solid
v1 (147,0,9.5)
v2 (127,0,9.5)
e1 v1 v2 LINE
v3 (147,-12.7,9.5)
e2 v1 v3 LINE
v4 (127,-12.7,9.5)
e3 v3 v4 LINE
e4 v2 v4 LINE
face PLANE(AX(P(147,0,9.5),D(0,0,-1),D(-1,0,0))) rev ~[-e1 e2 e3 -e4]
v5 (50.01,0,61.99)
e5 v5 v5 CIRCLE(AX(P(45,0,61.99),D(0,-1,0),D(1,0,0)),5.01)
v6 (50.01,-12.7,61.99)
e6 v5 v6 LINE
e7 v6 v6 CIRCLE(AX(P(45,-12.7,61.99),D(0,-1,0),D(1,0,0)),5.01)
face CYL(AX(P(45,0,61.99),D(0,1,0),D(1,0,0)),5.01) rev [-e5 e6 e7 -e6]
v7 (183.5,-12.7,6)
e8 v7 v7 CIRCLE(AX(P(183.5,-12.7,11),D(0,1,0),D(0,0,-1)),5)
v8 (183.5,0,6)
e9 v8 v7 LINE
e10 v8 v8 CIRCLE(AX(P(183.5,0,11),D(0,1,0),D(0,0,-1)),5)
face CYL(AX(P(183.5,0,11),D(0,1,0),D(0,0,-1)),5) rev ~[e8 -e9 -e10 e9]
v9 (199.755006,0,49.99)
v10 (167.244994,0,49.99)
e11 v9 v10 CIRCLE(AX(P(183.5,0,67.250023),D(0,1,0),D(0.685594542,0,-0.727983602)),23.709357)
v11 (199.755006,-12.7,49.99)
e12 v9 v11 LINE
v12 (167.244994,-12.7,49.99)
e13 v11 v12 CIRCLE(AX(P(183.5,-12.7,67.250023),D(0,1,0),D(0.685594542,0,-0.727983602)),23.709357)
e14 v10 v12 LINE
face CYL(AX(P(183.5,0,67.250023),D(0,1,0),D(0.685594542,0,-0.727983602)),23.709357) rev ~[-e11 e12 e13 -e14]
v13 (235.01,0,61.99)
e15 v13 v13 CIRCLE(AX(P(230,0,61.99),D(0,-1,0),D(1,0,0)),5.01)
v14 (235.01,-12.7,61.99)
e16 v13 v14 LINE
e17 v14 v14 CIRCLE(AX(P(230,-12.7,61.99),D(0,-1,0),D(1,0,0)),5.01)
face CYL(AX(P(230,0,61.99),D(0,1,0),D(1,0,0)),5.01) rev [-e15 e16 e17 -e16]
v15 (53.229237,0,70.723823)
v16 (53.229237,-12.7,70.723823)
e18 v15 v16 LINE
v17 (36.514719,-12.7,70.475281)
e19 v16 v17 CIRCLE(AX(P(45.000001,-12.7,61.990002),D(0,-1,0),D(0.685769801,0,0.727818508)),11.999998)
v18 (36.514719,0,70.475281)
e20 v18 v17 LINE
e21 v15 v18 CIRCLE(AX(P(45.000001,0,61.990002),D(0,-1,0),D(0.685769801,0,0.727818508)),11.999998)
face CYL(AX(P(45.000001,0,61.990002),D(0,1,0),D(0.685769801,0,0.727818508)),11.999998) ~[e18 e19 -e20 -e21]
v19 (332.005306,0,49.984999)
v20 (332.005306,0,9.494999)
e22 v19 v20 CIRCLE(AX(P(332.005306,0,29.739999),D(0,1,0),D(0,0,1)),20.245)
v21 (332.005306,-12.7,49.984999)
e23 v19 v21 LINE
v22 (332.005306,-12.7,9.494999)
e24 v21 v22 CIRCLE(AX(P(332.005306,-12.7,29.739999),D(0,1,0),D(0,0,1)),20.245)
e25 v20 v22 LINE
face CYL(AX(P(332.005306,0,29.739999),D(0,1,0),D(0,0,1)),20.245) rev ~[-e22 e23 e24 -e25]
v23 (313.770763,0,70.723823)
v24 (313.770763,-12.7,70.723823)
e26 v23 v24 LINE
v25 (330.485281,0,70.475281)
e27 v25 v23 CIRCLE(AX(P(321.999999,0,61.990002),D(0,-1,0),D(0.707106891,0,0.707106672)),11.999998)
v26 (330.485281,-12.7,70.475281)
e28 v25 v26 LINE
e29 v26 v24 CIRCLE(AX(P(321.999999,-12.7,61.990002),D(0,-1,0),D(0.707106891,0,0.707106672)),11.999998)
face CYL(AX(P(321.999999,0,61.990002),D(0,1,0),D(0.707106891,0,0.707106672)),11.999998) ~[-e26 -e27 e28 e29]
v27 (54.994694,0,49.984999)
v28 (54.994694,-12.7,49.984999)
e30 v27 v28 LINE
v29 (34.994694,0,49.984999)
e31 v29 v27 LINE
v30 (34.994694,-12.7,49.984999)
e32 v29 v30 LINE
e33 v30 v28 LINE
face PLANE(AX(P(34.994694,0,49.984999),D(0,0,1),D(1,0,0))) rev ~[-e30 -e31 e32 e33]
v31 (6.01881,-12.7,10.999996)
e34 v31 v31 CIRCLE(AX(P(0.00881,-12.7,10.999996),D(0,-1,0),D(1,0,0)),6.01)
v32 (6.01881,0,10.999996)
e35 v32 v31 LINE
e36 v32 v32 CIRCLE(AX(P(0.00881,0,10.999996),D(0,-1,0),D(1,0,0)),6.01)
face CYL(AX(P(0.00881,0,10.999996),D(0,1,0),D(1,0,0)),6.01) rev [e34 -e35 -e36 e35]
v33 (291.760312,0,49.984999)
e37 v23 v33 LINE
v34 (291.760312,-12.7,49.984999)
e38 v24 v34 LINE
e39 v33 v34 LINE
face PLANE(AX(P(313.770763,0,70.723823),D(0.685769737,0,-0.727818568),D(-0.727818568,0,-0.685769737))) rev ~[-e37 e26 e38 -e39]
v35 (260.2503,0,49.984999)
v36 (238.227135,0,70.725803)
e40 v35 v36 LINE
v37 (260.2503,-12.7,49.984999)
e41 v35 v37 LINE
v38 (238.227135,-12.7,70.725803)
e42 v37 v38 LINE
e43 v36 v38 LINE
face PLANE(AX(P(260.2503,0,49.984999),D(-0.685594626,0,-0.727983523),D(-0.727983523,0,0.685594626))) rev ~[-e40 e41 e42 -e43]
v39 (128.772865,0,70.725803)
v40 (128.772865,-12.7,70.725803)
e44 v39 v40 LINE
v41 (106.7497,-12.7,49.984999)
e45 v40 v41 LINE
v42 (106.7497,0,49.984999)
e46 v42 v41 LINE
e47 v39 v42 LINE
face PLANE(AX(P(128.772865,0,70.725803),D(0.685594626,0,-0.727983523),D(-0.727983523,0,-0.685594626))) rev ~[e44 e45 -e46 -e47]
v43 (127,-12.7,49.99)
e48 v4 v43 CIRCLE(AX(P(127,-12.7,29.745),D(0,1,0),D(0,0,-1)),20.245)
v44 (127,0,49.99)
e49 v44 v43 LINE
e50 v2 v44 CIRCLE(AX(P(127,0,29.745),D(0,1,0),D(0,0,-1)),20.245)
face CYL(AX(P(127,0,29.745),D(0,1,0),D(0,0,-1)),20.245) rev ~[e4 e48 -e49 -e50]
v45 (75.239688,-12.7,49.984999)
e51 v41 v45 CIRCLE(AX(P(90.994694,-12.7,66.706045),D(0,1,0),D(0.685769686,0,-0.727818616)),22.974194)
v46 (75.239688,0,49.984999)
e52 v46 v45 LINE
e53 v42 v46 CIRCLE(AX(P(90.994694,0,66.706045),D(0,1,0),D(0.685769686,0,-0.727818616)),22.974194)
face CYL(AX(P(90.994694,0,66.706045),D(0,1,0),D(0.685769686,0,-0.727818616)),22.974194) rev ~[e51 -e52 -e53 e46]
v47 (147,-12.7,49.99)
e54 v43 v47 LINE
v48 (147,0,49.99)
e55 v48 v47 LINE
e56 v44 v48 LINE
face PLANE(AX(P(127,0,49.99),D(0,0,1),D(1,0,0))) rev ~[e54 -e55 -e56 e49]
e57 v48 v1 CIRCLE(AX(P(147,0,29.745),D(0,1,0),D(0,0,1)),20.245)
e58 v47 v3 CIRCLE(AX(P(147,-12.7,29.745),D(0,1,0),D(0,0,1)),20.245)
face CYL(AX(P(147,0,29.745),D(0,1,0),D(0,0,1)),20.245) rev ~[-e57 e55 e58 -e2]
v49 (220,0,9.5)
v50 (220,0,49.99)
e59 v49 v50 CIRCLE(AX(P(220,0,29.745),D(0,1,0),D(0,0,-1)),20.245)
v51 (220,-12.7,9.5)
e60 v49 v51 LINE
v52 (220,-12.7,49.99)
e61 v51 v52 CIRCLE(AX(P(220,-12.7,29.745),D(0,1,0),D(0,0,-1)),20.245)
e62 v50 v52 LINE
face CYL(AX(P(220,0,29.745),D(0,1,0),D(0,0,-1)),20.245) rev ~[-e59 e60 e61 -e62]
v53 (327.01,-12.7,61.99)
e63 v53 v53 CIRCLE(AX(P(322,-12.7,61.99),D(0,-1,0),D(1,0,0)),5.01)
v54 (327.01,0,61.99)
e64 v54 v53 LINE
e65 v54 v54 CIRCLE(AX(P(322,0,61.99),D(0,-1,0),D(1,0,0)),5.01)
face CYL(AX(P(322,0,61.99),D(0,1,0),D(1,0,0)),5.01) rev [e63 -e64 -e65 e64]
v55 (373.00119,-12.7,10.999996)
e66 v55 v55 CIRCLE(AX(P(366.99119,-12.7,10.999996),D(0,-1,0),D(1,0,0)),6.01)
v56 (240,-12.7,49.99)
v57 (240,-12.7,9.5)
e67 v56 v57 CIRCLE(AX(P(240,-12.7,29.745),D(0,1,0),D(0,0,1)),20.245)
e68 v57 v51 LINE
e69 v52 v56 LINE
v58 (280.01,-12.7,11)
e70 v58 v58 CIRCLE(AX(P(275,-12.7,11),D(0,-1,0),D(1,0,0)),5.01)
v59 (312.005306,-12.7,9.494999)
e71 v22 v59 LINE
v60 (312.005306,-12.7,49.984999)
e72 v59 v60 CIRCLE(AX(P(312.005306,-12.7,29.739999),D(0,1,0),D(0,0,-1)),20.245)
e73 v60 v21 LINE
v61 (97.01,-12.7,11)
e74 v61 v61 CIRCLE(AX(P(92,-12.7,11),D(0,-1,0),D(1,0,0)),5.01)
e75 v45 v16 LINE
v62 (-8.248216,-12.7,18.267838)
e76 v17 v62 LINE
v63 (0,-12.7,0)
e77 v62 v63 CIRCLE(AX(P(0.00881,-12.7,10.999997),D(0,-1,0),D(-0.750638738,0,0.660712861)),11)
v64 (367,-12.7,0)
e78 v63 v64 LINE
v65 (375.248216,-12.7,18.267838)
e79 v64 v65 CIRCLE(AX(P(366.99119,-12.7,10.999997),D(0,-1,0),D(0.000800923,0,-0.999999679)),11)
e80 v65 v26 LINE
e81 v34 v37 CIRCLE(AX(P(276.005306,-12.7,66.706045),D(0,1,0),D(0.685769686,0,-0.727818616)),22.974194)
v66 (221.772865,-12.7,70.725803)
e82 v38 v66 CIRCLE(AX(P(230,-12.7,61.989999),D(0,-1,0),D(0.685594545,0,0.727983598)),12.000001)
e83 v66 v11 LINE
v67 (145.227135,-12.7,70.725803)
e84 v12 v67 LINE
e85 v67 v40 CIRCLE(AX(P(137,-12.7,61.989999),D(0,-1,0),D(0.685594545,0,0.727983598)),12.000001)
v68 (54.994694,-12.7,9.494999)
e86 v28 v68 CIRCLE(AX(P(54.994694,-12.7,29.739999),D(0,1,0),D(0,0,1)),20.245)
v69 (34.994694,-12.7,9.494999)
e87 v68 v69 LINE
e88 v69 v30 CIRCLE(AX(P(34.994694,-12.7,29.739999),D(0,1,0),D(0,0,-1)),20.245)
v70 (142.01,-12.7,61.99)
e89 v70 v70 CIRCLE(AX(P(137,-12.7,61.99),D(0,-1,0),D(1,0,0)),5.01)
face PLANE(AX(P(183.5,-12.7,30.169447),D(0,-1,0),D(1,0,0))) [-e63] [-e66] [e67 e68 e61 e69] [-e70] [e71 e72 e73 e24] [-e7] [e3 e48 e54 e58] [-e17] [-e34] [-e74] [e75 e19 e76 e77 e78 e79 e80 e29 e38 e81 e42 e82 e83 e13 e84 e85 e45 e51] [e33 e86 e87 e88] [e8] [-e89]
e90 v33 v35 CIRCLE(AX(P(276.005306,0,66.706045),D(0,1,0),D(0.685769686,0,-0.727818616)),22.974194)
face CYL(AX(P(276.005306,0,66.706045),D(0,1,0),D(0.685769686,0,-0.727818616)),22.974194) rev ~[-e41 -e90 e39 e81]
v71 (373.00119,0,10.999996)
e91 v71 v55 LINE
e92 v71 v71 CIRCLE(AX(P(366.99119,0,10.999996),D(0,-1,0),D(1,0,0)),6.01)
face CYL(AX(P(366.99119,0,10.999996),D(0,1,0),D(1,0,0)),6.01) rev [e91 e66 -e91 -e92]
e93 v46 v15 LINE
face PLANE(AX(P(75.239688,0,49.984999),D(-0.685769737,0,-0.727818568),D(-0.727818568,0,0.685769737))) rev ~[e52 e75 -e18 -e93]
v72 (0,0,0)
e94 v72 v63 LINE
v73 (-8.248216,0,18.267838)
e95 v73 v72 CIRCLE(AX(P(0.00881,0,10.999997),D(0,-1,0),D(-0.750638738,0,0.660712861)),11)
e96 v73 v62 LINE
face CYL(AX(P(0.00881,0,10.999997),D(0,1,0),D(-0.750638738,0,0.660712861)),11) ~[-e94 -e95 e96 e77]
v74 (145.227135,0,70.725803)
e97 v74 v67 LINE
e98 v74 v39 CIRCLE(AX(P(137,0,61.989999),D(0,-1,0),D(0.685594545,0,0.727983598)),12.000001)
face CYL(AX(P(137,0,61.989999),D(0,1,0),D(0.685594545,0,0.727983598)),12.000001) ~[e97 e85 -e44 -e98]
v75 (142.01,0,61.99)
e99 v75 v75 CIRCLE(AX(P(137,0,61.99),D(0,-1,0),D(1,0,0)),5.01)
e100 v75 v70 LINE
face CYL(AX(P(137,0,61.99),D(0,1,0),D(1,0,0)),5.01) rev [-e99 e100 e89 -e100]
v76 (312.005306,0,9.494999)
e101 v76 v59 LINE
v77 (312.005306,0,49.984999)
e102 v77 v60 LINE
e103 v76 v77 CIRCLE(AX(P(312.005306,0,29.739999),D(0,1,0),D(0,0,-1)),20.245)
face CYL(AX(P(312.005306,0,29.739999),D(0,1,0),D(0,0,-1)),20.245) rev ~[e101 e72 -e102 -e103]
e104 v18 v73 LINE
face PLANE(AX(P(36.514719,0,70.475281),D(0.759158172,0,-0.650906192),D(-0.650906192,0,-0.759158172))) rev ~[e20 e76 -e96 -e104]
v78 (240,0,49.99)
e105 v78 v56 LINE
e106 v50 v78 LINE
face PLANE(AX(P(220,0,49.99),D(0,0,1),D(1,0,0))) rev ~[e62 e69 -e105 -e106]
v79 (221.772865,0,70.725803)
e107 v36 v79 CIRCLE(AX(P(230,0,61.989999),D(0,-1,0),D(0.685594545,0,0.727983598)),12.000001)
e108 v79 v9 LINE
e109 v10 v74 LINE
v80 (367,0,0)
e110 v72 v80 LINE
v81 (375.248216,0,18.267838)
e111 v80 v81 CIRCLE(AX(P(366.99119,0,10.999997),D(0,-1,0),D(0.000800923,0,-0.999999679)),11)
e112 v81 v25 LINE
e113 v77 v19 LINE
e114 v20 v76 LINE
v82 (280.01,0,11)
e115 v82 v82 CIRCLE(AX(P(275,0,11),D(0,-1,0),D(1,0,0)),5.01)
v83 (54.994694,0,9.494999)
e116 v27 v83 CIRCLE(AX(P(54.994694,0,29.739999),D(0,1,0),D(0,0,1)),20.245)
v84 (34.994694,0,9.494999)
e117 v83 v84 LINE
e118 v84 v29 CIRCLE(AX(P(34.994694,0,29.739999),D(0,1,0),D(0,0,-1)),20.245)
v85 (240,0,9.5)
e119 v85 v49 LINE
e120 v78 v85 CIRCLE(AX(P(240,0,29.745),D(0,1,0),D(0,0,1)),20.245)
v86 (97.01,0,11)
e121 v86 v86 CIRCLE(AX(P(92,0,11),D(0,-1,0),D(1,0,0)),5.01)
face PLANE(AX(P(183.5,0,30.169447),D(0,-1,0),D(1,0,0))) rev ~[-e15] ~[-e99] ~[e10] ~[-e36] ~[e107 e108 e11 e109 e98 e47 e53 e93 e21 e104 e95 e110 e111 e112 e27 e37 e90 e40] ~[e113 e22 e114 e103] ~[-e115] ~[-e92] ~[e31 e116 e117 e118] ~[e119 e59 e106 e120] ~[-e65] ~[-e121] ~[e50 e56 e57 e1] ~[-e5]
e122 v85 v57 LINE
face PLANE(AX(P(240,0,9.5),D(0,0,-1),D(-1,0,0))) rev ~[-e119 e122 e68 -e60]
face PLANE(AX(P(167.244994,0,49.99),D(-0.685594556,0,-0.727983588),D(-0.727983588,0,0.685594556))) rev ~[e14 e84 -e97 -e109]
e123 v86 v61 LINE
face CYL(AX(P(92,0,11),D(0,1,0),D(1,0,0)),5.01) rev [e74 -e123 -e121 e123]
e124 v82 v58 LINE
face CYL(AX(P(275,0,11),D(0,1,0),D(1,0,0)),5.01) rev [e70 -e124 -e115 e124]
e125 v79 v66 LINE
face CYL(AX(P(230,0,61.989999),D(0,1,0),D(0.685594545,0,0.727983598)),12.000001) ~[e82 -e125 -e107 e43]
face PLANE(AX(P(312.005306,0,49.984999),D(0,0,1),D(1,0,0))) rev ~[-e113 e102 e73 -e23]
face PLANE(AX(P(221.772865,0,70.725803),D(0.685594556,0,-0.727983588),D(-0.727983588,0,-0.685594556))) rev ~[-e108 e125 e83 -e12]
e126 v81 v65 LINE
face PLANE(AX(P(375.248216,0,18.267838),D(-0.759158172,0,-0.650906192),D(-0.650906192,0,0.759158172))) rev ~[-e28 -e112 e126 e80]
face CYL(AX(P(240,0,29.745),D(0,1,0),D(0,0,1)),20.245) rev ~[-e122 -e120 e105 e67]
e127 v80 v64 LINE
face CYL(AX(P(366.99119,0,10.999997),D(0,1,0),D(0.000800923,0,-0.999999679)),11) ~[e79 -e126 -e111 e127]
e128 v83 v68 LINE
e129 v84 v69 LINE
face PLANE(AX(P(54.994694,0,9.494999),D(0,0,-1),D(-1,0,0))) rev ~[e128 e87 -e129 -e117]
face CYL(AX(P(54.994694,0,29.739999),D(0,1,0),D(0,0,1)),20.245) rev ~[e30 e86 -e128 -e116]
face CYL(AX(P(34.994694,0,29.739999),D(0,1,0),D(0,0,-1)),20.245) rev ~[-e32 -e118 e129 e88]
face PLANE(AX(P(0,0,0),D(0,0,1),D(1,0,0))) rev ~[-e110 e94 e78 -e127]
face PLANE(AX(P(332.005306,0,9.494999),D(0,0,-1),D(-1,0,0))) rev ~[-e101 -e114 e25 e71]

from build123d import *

# Parameters (mm, degrees)
F0_R     = 6.01
F0_R_2   = 5.01
F1_DEPTH = 12.7


with BuildPart() as f1:
    # F0 (on Front) → F1 (new body)
    with BuildSketch(Plane.XZ):
        with BuildLine():
            Line((183.5, 0), (367, 0))
            ThreePointArc((367, 0), (377.016632, 6.473352), (375.248216, 18.267838))
            Line((375.248216, 18.267838), (330.485281, 70.475281))
            ThreePointArc((330.485281, 70.475281), (322.178418, 73.988674), (313.770763, 70.723823))
            Line((313.770763, 70.723823), (291.760312, 49.984999))
            ThreePointArc((291.760312, 49.984999), (276.005306, 43.731851), (260.2503, 49.984999))
            Line((260.2503, 49.984999), (238.227135, 70.725803))
            ThreePointArc((238.227135, 70.725803), (230, 73.99), (221.772865, 70.725803))
            Line((221.772865, 70.725803), (199.755006, 49.99))
            ThreePointArc((199.755006, 49.99), (183.5, 43.540666), (167.244994, 49.99))
            Line((167.244994, 49.99), (145.227135, 70.725803))
            ThreePointArc((145.227135, 70.725803), (137, 73.99), (128.772865, 70.725803))
            Line((128.772865, 70.725803), (106.7497, 49.984999))
            ThreePointArc((106.7497, 49.984999), (90.994694, 43.731851), (75.239688, 49.984999))
            Line((75.239688, 49.984999), (53.229237, 70.723823))
            ThreePointArc((53.229237, 70.723823), (44.821582, 73.988674), (36.514719, 70.475281))
            Line((36.514719, 70.475281), (-8.248216, 18.267838))
            ThreePointArc((-8.248216, 18.267838), (-10.016632, 6.473352), (0, 0))
            Line((0, 0), (183.5, 0))
        make_face()
        with Locations((0.00881, 10.999996)):
            Circle(F0_R, mode=Mode.SUBTRACT)
        with Locations((92, 11)):
            Circle(F0_R_2, mode=Mode.SUBTRACT)
        with BuildLine():
            ThreePointArc((183.5, 16), (188.5, 11), (183.5, 6))
            ThreePointArc((183.5, 6), (178.5, 11), (183.5, 16))
        make_face(mode=Mode.SUBTRACT)
        with BuildLine():
            Line((34.994694, 49.984999), (54.994694, 49.984999))
            ThreePointArc((54.994694, 49.984999), (75.239694, 29.739999), (54.994694, 9.494999))
            Line((54.994694, 9.494999), (34.994694, 9.494999))
            ThreePointArc((34.994694, 9.494999), (14.749694, 29.739999), (34.994694, 49.984999))
        make_face(mode=Mode.SUBTRACT)
        with BuildLine():
            ThreePointArc((147, 49.99), (167.245, 29.745), (147, 9.5))
            Line((147, 9.5), (127, 9.5))
            ThreePointArc((127, 9.5), (106.755, 29.745), (127, 49.99))
            Line((127, 49.99), (147, 49.99))
        make_face(mode=Mode.SUBTRACT)
        with Locations((275, 11)):
            Circle(F0_R_2, mode=Mode.SUBTRACT)
        with Locations((366.99119, 10.999996)):
            Circle(F0_R, mode=Mode.SUBTRACT)
        with BuildLine():
            Line((240, 9.5), (220, 9.5))
            ThreePointArc((220, 9.5), (199.755, 29.745), (220, 49.99))
            Line((220, 49.99), (240, 49.99))
            ThreePointArc((240, 49.99), (260.245, 29.745), (240, 9.5))
        make_face(mode=Mode.SUBTRACT)
        with BuildLine():
            ThreePointArc((332.005306, 49.984999), (352.250306, 29.739999), (332.005306, 9.494999))
            Line((332.005306, 9.494999), (312.005306, 9.494999))
            ThreePointArc((312.005306, 9.494999), (291.760306, 29.739999), (312.005306, 49.984999))
            Line((312.005306, 49.984999), (332.005306, 49.984999))
        make_face(mode=Mode.SUBTRACT)
        with Locations((45, 61.99)):
            Circle(F0_R_2, mode=Mode.SUBTRACT)
        with Locations((137, 61.99)):
            Circle(F0_R_2, mode=Mode.SUBTRACT)
        with Locations((230, 61.99)):
            Circle(F0_R_2, mode=Mode.SUBTRACT)
        with Locations((322, 61.99)):
            Circle(F0_R_2, mode=Mode.SUBTRACT)
    extrude(amount=F1_DEPTH)


solid = f1.part
